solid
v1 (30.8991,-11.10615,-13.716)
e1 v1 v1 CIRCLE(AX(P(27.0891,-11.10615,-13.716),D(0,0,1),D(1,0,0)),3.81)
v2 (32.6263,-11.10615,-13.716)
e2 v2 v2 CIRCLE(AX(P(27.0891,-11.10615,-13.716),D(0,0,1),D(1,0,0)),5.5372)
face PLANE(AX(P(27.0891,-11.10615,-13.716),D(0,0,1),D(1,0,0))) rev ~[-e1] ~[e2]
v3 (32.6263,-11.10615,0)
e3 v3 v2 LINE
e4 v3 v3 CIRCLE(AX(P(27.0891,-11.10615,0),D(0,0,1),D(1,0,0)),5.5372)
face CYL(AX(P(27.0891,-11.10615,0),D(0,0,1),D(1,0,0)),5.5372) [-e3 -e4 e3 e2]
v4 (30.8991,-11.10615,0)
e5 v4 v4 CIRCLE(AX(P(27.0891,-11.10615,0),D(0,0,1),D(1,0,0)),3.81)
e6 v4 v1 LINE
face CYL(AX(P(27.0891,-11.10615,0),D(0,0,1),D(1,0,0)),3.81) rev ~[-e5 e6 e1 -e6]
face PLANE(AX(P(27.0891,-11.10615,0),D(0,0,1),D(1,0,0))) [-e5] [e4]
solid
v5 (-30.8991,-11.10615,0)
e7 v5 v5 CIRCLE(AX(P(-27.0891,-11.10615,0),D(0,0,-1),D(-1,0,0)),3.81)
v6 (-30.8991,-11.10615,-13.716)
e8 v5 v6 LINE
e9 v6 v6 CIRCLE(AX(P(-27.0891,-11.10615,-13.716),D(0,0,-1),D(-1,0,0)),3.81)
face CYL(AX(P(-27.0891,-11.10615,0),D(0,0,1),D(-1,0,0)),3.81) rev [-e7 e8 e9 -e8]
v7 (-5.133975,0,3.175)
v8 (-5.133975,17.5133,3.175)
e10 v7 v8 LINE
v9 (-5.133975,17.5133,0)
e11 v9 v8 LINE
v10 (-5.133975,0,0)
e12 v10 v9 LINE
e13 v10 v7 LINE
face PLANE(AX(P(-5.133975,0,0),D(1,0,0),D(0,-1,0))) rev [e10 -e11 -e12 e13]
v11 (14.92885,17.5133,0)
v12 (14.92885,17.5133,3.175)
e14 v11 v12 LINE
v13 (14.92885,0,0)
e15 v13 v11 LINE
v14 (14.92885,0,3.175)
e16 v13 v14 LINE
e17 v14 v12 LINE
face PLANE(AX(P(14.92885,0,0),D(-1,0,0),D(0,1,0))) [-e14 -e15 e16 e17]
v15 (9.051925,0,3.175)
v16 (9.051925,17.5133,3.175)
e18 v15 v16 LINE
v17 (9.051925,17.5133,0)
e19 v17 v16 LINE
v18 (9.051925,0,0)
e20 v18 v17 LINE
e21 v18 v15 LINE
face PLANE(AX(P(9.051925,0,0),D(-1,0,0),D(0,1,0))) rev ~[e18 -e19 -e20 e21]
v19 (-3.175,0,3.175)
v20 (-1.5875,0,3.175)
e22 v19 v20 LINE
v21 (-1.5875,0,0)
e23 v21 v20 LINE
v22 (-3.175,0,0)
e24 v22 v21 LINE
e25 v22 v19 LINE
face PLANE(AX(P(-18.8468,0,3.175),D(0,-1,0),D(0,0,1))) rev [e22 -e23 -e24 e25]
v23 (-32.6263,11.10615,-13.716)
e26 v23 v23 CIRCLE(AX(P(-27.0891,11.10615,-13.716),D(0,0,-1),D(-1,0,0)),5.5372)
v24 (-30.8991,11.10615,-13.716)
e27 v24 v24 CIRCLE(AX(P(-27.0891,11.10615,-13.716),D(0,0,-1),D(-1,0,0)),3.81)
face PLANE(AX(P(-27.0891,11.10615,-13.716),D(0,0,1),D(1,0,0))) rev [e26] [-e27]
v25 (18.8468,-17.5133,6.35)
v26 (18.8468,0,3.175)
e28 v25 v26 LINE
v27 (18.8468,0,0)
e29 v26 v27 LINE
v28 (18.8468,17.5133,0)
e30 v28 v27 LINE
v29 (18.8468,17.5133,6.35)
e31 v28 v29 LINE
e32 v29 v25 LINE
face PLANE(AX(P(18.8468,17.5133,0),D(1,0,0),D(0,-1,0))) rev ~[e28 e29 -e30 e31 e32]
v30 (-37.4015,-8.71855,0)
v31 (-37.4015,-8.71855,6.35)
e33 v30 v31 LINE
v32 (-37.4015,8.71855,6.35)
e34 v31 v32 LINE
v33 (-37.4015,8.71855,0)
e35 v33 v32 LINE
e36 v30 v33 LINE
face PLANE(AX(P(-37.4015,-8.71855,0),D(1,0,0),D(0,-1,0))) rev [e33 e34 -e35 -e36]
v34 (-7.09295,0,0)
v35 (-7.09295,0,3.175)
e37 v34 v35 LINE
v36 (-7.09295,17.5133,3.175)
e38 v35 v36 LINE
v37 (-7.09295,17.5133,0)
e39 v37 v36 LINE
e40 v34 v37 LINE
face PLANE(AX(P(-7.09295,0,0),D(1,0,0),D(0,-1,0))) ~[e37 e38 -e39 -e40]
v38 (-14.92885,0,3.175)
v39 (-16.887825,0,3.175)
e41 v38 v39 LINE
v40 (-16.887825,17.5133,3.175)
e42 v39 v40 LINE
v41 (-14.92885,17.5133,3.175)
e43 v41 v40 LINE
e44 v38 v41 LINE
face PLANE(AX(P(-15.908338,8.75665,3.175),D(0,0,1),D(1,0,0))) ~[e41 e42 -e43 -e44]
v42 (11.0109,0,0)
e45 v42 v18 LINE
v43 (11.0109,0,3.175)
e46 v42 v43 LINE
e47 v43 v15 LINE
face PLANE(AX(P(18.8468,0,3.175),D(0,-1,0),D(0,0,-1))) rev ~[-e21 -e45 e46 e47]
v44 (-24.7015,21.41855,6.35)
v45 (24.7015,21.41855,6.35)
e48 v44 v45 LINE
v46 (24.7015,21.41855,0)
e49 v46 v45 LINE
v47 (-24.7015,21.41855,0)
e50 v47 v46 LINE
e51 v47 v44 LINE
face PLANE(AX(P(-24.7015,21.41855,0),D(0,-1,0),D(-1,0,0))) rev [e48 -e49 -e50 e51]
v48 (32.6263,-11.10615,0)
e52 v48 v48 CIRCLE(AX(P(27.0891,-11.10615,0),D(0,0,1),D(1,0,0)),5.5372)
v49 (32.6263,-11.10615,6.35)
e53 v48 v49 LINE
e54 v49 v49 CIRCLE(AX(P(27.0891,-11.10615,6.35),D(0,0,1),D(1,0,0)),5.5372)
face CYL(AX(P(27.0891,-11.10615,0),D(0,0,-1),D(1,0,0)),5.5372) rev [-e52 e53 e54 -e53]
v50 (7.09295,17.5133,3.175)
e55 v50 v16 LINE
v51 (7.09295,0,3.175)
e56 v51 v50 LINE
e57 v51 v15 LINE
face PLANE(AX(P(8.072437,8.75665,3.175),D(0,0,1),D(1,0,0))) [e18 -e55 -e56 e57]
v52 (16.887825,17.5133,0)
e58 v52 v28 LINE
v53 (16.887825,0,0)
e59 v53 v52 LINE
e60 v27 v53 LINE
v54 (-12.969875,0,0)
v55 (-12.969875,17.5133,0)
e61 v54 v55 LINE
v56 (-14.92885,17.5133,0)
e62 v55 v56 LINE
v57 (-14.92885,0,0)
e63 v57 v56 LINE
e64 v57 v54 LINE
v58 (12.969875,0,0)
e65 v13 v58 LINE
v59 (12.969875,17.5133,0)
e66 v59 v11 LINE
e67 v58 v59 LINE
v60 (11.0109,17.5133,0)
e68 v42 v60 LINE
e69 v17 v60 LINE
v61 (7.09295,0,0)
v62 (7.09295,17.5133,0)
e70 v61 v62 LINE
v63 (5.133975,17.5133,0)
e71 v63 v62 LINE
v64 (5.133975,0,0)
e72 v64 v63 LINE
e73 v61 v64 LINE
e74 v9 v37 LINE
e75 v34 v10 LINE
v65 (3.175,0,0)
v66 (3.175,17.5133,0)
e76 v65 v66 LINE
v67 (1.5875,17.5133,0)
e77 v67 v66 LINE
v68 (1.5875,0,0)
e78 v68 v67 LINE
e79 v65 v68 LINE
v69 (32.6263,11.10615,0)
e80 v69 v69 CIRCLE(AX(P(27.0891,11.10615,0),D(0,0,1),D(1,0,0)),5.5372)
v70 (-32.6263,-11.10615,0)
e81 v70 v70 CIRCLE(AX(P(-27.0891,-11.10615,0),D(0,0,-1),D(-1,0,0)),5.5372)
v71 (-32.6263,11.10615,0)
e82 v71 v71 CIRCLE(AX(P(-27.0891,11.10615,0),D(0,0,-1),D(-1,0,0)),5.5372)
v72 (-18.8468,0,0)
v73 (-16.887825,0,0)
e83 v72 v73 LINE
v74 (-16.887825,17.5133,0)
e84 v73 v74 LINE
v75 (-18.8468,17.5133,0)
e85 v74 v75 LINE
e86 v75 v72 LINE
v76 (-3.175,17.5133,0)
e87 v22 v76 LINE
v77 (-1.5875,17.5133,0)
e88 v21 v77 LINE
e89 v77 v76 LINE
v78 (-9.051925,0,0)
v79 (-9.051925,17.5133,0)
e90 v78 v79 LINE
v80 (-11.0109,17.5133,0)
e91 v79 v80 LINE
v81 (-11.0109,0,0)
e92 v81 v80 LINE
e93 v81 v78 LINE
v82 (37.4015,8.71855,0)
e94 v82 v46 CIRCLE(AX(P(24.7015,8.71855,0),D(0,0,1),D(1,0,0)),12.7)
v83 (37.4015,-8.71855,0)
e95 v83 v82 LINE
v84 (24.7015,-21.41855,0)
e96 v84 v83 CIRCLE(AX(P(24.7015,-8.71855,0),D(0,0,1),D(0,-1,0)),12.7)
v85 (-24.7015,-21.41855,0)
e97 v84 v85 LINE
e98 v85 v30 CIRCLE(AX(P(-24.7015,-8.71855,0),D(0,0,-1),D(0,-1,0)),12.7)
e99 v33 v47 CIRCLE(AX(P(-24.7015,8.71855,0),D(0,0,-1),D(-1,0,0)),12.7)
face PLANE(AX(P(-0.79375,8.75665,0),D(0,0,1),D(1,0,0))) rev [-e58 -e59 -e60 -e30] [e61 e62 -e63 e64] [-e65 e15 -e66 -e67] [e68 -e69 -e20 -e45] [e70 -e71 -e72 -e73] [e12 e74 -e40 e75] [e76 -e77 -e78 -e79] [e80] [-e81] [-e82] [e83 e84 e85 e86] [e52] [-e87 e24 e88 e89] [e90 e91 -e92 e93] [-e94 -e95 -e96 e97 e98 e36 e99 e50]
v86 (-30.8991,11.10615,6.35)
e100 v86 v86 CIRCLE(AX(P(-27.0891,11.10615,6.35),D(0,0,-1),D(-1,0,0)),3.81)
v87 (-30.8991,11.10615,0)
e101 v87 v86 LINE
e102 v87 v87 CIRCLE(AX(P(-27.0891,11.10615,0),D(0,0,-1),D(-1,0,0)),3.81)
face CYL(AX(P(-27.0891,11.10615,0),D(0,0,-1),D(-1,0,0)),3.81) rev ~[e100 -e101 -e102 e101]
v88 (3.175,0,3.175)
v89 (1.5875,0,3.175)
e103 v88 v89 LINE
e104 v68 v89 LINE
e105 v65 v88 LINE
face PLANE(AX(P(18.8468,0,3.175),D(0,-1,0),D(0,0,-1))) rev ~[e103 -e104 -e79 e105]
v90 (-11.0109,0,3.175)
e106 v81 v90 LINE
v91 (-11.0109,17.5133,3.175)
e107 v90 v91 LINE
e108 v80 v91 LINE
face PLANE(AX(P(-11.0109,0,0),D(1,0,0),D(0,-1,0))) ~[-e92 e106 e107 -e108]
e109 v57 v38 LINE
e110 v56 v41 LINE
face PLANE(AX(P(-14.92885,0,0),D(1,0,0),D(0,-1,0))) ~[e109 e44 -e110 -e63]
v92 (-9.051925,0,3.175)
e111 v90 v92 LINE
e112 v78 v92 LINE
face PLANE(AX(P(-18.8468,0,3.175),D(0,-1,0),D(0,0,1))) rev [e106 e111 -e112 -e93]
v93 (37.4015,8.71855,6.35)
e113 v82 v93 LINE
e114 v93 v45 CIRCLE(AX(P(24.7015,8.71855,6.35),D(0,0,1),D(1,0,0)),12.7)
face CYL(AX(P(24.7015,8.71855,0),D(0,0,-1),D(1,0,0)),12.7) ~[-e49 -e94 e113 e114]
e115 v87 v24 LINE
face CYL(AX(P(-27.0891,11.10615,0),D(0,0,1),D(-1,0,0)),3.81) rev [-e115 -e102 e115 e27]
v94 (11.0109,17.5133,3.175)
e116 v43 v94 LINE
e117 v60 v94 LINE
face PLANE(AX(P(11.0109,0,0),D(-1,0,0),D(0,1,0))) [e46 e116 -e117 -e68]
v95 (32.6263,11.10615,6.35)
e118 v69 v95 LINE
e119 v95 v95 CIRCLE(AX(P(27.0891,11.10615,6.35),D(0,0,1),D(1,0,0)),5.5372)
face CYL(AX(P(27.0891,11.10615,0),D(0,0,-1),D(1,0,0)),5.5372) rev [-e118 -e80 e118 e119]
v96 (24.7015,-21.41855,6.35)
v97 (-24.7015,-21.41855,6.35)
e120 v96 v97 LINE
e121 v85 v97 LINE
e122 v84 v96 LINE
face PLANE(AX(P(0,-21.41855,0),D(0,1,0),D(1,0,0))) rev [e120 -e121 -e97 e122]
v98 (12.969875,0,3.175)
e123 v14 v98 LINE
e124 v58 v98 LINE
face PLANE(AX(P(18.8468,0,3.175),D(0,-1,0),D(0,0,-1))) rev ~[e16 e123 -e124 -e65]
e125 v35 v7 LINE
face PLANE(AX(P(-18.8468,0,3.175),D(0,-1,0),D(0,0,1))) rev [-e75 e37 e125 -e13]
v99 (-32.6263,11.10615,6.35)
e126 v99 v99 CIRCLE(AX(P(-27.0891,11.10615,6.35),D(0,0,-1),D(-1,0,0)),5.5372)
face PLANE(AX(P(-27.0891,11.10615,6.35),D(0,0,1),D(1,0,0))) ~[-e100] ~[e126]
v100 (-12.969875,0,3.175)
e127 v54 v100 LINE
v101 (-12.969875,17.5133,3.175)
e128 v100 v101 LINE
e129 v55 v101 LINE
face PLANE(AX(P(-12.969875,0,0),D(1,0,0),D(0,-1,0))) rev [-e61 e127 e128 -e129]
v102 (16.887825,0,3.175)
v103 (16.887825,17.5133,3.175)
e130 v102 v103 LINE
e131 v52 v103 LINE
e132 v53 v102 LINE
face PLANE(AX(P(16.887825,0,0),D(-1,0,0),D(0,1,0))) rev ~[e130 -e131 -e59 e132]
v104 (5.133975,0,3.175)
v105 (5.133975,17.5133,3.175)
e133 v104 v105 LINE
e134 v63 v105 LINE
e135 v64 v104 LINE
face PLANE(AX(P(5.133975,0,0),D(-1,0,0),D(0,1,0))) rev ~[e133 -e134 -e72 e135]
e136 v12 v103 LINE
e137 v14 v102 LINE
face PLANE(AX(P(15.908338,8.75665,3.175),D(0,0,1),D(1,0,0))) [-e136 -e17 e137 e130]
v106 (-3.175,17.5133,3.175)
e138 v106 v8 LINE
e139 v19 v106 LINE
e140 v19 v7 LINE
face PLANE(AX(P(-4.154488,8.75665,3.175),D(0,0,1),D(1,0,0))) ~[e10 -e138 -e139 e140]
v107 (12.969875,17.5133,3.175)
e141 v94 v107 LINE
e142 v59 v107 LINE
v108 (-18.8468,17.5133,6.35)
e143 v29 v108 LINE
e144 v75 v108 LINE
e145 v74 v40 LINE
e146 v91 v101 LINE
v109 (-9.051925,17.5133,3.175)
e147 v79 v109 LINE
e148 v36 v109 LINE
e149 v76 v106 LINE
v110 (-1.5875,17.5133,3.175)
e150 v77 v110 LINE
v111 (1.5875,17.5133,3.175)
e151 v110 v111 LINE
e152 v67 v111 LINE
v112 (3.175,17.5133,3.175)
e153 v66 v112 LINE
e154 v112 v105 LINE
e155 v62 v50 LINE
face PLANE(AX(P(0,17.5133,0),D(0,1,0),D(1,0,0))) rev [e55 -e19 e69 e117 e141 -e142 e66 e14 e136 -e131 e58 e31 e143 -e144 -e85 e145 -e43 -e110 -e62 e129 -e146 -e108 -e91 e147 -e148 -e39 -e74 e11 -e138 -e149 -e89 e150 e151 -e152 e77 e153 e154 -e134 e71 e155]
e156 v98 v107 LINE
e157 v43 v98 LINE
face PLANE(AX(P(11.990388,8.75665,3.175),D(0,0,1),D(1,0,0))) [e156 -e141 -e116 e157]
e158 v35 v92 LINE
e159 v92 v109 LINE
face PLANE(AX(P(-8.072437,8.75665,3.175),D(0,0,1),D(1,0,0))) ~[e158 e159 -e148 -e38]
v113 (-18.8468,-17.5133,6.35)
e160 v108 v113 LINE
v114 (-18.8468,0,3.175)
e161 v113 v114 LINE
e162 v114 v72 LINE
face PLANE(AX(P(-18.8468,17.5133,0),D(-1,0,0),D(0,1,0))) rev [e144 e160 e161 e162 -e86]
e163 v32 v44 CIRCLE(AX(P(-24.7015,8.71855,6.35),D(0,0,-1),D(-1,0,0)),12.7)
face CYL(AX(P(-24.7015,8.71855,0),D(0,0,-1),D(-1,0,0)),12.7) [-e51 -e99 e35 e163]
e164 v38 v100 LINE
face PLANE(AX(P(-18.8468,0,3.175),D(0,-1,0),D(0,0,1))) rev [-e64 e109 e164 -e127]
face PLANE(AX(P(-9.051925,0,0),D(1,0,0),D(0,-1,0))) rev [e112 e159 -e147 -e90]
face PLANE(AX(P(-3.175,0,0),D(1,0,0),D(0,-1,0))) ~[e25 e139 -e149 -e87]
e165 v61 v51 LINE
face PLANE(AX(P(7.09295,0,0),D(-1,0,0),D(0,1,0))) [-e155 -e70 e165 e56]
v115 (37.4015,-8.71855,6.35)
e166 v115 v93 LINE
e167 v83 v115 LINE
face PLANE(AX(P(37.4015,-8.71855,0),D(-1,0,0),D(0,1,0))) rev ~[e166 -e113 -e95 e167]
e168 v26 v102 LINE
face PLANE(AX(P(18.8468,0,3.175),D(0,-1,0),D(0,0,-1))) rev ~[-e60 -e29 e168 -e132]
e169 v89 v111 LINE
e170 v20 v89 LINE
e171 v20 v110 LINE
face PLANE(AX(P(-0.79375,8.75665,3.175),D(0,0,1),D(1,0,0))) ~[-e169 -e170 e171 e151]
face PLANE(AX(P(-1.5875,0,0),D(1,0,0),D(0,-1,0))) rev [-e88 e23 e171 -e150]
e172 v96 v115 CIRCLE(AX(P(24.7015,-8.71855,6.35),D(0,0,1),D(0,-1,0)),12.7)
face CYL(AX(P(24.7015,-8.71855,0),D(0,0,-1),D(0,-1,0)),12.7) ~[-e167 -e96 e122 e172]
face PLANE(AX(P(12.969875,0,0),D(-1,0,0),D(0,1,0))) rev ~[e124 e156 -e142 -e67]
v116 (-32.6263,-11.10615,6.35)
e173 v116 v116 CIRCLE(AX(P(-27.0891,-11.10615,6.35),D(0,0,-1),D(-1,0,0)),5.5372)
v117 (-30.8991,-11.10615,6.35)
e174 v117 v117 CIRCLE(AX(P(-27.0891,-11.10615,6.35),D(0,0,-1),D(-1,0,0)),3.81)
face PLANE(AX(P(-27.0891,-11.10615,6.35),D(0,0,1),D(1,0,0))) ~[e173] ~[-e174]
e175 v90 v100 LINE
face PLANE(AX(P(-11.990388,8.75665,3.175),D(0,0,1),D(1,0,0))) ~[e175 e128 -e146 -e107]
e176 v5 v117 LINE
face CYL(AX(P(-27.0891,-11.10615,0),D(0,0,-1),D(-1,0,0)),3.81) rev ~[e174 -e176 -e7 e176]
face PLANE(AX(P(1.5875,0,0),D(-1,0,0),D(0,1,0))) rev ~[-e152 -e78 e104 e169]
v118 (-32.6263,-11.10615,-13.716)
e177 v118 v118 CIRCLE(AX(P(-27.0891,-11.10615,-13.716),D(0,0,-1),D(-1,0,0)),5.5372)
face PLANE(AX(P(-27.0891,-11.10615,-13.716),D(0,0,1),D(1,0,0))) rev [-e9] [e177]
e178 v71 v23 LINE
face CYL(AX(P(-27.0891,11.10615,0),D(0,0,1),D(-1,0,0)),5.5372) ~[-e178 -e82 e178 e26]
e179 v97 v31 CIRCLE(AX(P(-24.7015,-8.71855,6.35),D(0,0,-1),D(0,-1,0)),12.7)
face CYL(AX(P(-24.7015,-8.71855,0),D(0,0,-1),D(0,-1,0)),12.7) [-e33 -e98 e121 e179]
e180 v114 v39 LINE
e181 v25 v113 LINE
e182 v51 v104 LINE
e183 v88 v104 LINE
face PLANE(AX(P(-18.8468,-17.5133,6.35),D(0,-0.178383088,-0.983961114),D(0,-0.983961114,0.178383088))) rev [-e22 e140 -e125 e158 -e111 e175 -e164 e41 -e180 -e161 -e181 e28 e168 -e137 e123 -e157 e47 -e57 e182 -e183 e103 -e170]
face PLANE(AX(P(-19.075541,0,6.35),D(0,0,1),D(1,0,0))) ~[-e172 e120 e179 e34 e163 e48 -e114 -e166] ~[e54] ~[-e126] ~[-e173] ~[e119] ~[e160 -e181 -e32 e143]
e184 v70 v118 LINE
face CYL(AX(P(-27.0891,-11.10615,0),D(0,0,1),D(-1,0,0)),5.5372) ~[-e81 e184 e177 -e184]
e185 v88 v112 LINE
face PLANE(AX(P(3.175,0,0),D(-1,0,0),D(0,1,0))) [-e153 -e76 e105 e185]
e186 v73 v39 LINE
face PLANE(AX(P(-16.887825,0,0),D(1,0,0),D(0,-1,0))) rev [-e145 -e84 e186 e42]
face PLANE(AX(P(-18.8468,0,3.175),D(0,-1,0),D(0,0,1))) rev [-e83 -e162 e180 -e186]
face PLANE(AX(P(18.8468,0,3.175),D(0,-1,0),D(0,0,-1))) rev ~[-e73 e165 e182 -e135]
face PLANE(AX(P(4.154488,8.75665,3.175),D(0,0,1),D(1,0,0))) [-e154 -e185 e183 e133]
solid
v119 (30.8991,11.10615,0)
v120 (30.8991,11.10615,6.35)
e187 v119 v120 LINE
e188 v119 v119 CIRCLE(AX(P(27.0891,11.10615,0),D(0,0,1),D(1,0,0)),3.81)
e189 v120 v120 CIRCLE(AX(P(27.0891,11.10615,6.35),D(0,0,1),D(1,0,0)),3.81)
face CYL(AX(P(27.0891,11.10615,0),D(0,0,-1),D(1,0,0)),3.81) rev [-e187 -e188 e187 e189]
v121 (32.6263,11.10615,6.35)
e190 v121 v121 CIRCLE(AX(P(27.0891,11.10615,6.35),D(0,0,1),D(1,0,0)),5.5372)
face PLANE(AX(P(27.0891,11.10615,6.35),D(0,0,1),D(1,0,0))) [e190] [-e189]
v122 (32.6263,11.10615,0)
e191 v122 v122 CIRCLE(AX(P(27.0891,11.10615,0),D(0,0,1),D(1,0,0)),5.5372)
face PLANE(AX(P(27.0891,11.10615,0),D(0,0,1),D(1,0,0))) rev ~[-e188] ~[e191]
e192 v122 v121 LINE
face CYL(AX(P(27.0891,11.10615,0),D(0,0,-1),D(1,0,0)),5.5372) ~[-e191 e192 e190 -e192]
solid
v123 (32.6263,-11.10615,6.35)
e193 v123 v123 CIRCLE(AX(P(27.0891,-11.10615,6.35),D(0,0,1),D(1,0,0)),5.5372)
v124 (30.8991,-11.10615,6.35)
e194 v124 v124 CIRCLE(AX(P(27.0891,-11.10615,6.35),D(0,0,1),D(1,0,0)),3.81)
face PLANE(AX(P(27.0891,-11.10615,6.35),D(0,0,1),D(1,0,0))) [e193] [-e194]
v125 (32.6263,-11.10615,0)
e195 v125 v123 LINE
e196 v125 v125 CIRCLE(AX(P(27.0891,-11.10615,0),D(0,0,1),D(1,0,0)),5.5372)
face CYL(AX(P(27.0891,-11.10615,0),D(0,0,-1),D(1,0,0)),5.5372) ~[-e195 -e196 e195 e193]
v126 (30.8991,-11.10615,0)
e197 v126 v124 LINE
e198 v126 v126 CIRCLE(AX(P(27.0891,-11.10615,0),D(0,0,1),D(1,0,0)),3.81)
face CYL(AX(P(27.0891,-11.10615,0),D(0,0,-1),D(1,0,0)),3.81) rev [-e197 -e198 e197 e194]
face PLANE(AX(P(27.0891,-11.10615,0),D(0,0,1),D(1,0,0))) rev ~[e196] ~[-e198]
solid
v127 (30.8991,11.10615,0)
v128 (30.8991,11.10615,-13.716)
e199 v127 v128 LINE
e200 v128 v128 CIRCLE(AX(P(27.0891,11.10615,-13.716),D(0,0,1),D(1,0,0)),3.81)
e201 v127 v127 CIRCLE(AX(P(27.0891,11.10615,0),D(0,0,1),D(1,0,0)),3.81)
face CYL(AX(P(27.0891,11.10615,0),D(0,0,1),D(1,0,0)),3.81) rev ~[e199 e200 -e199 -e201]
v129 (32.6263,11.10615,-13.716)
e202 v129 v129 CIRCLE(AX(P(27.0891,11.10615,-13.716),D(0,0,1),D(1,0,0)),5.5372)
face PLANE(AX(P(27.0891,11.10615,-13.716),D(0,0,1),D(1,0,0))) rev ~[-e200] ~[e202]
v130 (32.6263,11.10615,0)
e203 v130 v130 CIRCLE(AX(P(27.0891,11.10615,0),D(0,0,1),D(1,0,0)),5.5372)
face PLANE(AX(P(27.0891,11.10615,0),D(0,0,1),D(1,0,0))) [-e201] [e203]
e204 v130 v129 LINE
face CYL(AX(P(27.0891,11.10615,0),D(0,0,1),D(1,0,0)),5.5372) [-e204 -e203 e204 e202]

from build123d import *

# Parameters (mm, degrees)
F0_R     = 5.5372
F1_DEPTH = 6.35
F3_DEPTH = 18.8468
F0_W     = 1.5875
F0_H     = 17.5133
F0_W_2   = 1.958975
F4_DEPTH = 3.175
F0_R_2   = 3.81
F5_DEPTH = 13.716
F6_DEPTH = 6.35


with BuildPart() as f1:
    # F0 (on Top) → F1 (new body)
    with BuildSketch(Plane.XY):
        with BuildLine():
            ThreePointArc((37.4015, 8.71855), (33.6817561211, 17.6988061211), (24.7015, 21.41855))
            Line((24.7015, 21.41855), (0, 21.41855))
            Line((0, 21.41855), (0, 17.5133))
            Line((0, 17.5133), (1.5875, 17.5133))
            Line((1.5875, 17.5133), (3.175, 17.5133))
            Line((3.175, 17.5133), (5.133975, 17.5133))
            Line((5.133975, 17.5133), (7.09295, 17.5133))
            Line((7.09295, 17.5133), (9.051925, 17.5133))
            Line((9.051925, 17.5133), (11.0109, 17.5133))
            Line((11.0109, 17.5133), (12.969875, 17.5133))
            Line((12.969875, 17.5133), (14.92885, 17.5133))
            Line((14.92885, 17.5133), (16.887825, 17.5133))
            Line((16.887825, 17.5133), (18.8468, 17.5133))
            Line((18.8468, 17.5133), (18.8468, 0))
            Line((18.8468, 0), (18.8468, -17.5133))
            Line((18.8468, -17.5133), (0, -17.5133))
            Line((0, -17.5133), (0, -21.41855))
            Line((0, -21.41855), (24.7015, -21.41855))
            ThreePointArc((24.7015, -21.41855), (33.6817561211, -17.6988061211), (37.4015, -8.71855))
            Line((37.4015, -8.71855), (37.4015, 8.71855))
        make_face()
        with Locations((27.0891, -11.10615)):
            Circle(F0_R, mode=Mode.SUBTRACT)
        with Locations((27.0891, 11.10615)):
            Circle(F0_R, mode=Mode.SUBTRACT)
    extrude(amount=F1_DEPTH)

    # F2 (on face) → F3 (join)
    with BuildSketch(Plane(origin=(18.8468, 0, 0), x_dir=(0, -1, 0), z_dir=(-1, 0, 0))):
        Polygon((0, 3.175), (0, 0), (17.5133, 0), (17.5133, 6.35), align=None)
    extrude(amount=F3_DEPTH)

    # F0 (on Top) → F4 (join)
    with BuildSketch(Plane.XY):
        with Locations((0.79375, 8.75665)):
            Rectangle(F0_W, F0_H)
        with Locations((4.1544875, 8.75665)):
            Rectangle(F0_W_2, F0_H)
        with Locations((8.0724375, 8.75665)):
            Rectangle(F0_W_2, F0_H)
        with Locations((11.9903875, 8.75665)):
            Rectangle(F0_W_2, F0_H)
        with Locations((15.9083375, 8.75665)):
            Rectangle(F0_W_2, F0_H)
    extrude(amount=F4_DEPTH)

    # F0 (on Top) → F5 (join)
    with BuildSketch(Plane.XY):
        with Locations((27.0891, 11.10615)):
            Circle(F0_R)
        with Locations((27.0891, 11.10615)):
            Circle(F0_R_2, mode=Mode.SUBTRACT)
        with Locations((27.0891, -11.10615)):
            Circle(F0_R)
        with Locations((27.0891, -11.10615)):
            Circle(F0_R_2, mode=Mode.SUBTRACT)
    extrude(amount=-F5_DEPTH)


with BuildPart() as f6:
    # F6 (new): a face of the model
    f6_faces = [f1.part.faces().sort_by_distance(p)[0] for p in [
        (21.7085156668, 11.10615, 0),
    ]]
    extrude(f6_faces, amount=F6_DEPTH)


with BuildPart() as f6b:
    # F6#2 (new): a face of the model
    f6_2_faces = [f1.part.faces().sort_by_distance(p)[0] for p in [
        (21.7085156668, -11.10615, 0),
    ]]
    extrude(f6_2_faces, amount=F6_DEPTH)


with BuildPart() as f1_1:
    add(f1.part)

    # F7: F1, F6, F6b across plane
    add(f1.part.mirror(Plane.YZ))
    add(f6.part.mirror(Plane.YZ))
    add(f6b.part.mirror(Plane.YZ))


solid = Compound([f6.part, f6b.part, f1_1.part])
